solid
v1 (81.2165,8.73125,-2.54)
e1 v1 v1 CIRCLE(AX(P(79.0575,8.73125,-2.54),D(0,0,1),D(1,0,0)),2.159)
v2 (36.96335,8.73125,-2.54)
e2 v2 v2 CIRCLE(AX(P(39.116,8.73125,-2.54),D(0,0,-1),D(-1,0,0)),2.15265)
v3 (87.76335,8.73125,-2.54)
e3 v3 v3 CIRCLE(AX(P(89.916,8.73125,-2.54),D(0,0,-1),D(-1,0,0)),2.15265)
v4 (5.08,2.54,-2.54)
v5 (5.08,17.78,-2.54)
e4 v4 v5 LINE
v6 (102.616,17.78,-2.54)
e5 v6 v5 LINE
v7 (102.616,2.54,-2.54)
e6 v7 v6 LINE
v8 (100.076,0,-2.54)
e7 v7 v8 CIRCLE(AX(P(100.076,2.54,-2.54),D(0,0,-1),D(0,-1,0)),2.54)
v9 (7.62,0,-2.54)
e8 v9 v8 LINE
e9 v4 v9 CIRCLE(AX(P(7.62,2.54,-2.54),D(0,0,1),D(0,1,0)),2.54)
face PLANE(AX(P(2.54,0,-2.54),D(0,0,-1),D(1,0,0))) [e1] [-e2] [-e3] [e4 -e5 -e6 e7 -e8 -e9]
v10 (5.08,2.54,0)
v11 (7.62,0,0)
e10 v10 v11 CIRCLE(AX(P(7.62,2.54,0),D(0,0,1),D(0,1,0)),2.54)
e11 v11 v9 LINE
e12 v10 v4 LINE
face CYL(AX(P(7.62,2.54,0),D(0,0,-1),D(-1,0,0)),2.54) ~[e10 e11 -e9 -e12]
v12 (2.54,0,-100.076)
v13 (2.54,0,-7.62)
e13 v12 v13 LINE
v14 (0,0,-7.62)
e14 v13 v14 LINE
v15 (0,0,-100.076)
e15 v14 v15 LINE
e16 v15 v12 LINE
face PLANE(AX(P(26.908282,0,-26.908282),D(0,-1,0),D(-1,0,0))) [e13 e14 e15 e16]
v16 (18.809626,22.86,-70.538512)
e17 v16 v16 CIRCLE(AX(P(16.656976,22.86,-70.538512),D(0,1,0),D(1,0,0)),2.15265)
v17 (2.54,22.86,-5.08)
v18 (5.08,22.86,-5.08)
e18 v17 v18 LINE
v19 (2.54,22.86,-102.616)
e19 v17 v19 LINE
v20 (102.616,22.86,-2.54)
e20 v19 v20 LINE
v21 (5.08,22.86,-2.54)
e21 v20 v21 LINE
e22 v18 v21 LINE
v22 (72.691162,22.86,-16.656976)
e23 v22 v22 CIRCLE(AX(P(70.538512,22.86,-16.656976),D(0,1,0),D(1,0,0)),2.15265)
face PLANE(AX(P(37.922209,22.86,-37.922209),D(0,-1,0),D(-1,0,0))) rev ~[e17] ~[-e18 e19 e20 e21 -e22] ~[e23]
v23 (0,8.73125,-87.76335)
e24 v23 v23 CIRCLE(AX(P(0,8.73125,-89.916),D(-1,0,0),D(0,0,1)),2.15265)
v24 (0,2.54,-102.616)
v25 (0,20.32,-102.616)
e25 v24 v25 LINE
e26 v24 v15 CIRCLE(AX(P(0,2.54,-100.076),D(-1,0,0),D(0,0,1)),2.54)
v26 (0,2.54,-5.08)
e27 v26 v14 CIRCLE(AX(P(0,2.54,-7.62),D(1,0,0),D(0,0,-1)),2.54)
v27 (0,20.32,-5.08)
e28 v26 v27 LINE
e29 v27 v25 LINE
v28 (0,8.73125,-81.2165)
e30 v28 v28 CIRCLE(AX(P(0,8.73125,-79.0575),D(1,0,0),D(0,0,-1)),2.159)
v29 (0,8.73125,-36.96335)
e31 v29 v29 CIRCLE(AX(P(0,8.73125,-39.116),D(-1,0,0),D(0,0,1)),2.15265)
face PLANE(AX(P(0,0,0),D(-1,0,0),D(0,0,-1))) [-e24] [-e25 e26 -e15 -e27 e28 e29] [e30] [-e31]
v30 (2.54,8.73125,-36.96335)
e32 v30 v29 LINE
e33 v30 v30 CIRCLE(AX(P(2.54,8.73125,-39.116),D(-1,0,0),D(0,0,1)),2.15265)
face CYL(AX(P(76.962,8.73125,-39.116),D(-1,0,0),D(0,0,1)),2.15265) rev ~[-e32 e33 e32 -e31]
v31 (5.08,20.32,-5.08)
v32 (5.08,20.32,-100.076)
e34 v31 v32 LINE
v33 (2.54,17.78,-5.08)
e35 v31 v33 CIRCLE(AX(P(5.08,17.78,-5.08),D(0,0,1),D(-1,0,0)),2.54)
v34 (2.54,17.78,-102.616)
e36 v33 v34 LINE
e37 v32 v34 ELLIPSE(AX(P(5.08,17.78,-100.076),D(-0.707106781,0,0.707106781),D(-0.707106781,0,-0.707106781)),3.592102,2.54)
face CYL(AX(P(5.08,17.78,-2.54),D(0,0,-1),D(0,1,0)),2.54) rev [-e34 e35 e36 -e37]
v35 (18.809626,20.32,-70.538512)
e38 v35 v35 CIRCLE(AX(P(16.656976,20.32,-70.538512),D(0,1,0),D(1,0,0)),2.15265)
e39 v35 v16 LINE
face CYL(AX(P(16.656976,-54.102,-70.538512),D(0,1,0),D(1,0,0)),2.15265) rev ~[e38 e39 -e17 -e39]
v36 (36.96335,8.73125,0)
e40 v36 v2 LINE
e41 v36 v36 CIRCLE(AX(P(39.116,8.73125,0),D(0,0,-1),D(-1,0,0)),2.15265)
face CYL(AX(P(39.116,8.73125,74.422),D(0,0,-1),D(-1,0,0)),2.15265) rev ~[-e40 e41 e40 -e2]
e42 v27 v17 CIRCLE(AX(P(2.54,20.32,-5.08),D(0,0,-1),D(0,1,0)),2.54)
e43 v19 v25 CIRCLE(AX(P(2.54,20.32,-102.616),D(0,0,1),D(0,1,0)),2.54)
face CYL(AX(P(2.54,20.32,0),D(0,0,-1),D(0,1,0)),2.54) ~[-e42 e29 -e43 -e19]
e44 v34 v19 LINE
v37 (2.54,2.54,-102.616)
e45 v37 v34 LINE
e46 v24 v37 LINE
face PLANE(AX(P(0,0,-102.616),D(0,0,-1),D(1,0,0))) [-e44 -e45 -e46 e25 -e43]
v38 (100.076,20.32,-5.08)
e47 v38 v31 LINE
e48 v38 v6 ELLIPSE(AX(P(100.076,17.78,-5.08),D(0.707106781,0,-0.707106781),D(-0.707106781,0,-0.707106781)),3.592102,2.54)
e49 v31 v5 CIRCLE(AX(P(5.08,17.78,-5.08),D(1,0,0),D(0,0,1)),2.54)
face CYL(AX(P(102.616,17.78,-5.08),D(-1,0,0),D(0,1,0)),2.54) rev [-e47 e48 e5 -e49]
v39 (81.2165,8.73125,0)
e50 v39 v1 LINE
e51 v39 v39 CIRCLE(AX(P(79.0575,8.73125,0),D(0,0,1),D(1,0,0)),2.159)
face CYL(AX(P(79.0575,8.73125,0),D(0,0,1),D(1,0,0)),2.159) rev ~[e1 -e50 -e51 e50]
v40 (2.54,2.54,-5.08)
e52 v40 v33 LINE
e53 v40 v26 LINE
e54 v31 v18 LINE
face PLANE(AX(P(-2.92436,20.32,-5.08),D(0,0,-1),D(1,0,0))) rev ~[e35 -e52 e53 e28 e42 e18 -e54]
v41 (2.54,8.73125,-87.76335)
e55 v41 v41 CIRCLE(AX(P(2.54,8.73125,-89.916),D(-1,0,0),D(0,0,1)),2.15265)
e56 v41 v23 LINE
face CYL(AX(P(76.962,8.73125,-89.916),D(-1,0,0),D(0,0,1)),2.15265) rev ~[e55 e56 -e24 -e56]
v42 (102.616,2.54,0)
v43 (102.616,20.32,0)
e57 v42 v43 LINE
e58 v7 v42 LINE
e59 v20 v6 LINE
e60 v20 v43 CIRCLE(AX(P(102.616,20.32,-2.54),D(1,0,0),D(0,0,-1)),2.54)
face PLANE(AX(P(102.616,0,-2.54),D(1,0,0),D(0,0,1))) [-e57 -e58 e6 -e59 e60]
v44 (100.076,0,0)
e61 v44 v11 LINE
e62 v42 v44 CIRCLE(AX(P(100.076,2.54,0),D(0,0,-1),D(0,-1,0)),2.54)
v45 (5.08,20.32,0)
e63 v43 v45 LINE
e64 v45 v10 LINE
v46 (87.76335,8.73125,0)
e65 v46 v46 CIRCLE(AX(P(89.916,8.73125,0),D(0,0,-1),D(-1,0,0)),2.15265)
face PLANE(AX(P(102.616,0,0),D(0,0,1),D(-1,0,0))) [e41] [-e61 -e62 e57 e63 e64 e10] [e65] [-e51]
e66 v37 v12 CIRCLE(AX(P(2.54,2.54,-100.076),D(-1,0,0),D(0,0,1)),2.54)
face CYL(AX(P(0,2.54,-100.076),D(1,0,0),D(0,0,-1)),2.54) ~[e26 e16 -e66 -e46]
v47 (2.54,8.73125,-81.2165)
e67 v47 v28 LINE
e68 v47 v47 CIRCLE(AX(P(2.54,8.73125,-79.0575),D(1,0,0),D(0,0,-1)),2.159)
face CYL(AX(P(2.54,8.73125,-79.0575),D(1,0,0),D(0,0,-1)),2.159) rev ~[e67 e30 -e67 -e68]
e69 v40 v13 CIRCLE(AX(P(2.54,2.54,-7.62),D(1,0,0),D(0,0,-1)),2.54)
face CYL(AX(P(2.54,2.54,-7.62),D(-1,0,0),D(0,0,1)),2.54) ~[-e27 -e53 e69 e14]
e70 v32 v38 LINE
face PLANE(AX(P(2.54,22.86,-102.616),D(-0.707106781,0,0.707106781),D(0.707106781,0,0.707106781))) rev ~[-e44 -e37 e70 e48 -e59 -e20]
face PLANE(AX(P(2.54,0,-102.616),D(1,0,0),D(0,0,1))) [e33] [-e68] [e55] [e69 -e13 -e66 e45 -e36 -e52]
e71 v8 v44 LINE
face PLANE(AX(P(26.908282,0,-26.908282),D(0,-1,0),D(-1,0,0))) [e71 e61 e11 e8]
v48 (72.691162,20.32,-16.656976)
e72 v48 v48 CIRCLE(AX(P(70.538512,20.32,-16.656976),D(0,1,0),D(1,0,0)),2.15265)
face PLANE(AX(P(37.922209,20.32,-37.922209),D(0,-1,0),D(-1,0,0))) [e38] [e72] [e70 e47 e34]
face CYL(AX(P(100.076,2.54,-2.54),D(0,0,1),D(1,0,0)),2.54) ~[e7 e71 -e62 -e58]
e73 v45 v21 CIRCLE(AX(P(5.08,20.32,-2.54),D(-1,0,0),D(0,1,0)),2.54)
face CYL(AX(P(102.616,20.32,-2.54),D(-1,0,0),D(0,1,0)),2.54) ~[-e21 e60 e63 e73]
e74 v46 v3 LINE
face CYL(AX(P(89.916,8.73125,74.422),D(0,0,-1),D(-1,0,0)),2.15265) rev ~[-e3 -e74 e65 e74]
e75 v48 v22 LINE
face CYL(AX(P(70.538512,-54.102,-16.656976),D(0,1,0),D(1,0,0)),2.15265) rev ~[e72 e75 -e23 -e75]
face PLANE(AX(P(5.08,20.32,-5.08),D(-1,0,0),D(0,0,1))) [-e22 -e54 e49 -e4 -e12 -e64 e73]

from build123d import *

# Parameters (mm, degrees)
BOSS_EXTRUDE3_DEPTH       = 22.86
BOSS_EXTRUDE4_DEPTH       = 2.54
FILLET1_R                 = 2.54
SKETCH4_W                 = 8.004359919
SKETCH4_H                 = 7.259840527
CUT_EXTRUDE1_DEPTH        = 32.004
CUT_EXTRUDE1_DEPTH_BACK   = 2.54
F_8_CLEARANCE_HOLE1_D     = 4.3053
F_8_CLEARANCE_HOLE1_DEPTH = 74.422
F_8_CLEARANCE_HOLE1_TIP   = 1.293442612
F_8_CLEARANCE_HOLE2_D     = 4.3053
F_8_CLEARANCE_HOLE2_DEPTH = 74.422
F_8_CLEARANCE_HOLE2_TIP   = 1.293442612
F_8_CLEARANCE_HOLE3_D     = 4.3053
F_8_CLEARANCE_HOLE3_DEPTH = 74.422
F_8_CLEARANCE_HOLE3_TIP   = 1.293442612
FILLET2_R                 = 2.54
SKETCH11_R                = 2.159
CUT_EXTRUDE2_DEPTH        = 7.62
SKETCH12_R                = 2.159
CUT_EXTRUDE3_DEPTH        = 7.62


with BuildPart() as part:
    # Sketch1 → Boss-Extrude3 (new body)
    with BuildSketch(Plane(origin=(0, 0, 0), x_dir=(1, 0, 0), z_dir=(0, 1, 0))):
        Polygon((102.616, 2.54), (102.616, 0), (0, 0), (0, 102.616), (2.54, 102.616), (2.54, 2.54), align=None)
    extrude(amount=BOSS_EXTRUDE3_DEPTH)

    # Sketch3 → Boss-Extrude4 (add)
    with BuildSketch(Plane(origin=(0, 22.86, 0), x_dir=(1, 0, 0), z_dir=(0, 1, 0))):
        Polygon((2.54, 102.616), (102.616, 2.54), (2.54, 2.54), align=None)
    extrude(amount=-BOSS_EXTRUDE4_DEPTH)

    # Fillet1
    fillet1_edges = [part.edges().sort_by_distance(p)[0] for p in [
        (0, 22.86, -51.308),
        (51.308, 22.86, 0),
        (2.54, 10.16, -2.54),
        (52.578, 20.32, -2.54),
        (2.54, 20.32, -52.578),
    ]]
    fillet(fillet1_edges, radius=FILLET1_R)

    # Sketch4 → Cut-Extrude1 (cut, two sides)
    with BuildSketch(Plane.XZ.offset(-20.32)) as cut_extrude1_sk:
        with Locations((1.077820041, -1.450079736)):
            Rectangle(SKETCH4_W, SKETCH4_H)
    extrude(amount=CUT_EXTRUDE1_DEPTH, mode=Mode.SUBTRACT)
    extrude(cut_extrude1_sk.sketch, amount=-CUT_EXTRUDE1_DEPTH_BACK, mode=Mode.SUBTRACT)

    # #8 Clearance Hole1
    with Locations(Plane(origin=(2.54, 0, 0), x_dir=(0, 0, -1), z_dir=(1, 0, 0))):
        with Locations((39.116, 8.73125), (89.916, 8.73125)):
            Hole(F_8_CLEARANCE_HOLE1_D / 2, depth=F_8_CLEARANCE_HOLE1_DEPTH)
            with Locations((0, 0, -(F_8_CLEARANCE_HOLE1_DEPTH + F_8_CLEARANCE_HOLE1_TIP / 2))):  # 118° drill point
                Cone(0, F_8_CLEARANCE_HOLE1_D / 2, F_8_CLEARANCE_HOLE1_TIP, mode=Mode.SUBTRACT)

    # #8 Clearance Hole2
    with Locations(Plane.XY):
        with Locations((89.916, 8.73125), (39.116, 8.73125)):
            Hole(F_8_CLEARANCE_HOLE2_D / 2, depth=F_8_CLEARANCE_HOLE2_DEPTH)
            with Locations((0, 0, -(F_8_CLEARANCE_HOLE2_DEPTH + F_8_CLEARANCE_HOLE2_TIP / 2))):  # 118° drill point
                Cone(0, F_8_CLEARANCE_HOLE2_D / 2, F_8_CLEARANCE_HOLE2_TIP, mode=Mode.SUBTRACT)

    # #8 Clearance Hole3
    with Locations(Plane(origin=(0, 20.32, 0), x_dir=(-1, 0, 0), z_dir=(0, -1, 0))):
        with Locations((-16.656975516, 70.538512242), (-70.538512242, 16.656975516)):
            Hole(F_8_CLEARANCE_HOLE3_D / 2, depth=F_8_CLEARANCE_HOLE3_DEPTH)
            with Locations((0, 0, -(F_8_CLEARANCE_HOLE3_DEPTH + F_8_CLEARANCE_HOLE3_TIP / 2))):  # 118° drill point
                Cone(0, F_8_CLEARANCE_HOLE3_D / 2, F_8_CLEARANCE_HOLE3_TIP, mode=Mode.SUBTRACT)

    # Fillet2
    fillet2_edges = [part.edges().sort_by_distance(p)[0] for p in [
        (1.27, 0, -5.08),
        (5.08, 0, -1.27),
        (1.27, 0, -102.616),
        (102.616, 0, -1.27),
    ]]
    fillet(fillet2_edges, radius=FILLET2_R)

    # Sketch11 → Cut-Extrude2 (cut)
    with BuildSketch(Plane(origin=(2.54, 0, 0), x_dir=(0, 0, -1), z_dir=(1, 0, 0))):
        with Locations((79.0575, 8.73125)):
            Circle(SKETCH11_R)
    extrude(amount=-CUT_EXTRUDE2_DEPTH, mode=Mode.SUBTRACT)

    # Sketch12 → Cut-Extrude3 (cut)
    with BuildSketch(Plane.XY):
        with Locations((79.0575, 8.73125)):
            Circle(SKETCH12_R)
    extrude(amount=-CUT_EXTRUDE3_DEPTH, mode=Mode.SUBTRACT)


solid = part.part
